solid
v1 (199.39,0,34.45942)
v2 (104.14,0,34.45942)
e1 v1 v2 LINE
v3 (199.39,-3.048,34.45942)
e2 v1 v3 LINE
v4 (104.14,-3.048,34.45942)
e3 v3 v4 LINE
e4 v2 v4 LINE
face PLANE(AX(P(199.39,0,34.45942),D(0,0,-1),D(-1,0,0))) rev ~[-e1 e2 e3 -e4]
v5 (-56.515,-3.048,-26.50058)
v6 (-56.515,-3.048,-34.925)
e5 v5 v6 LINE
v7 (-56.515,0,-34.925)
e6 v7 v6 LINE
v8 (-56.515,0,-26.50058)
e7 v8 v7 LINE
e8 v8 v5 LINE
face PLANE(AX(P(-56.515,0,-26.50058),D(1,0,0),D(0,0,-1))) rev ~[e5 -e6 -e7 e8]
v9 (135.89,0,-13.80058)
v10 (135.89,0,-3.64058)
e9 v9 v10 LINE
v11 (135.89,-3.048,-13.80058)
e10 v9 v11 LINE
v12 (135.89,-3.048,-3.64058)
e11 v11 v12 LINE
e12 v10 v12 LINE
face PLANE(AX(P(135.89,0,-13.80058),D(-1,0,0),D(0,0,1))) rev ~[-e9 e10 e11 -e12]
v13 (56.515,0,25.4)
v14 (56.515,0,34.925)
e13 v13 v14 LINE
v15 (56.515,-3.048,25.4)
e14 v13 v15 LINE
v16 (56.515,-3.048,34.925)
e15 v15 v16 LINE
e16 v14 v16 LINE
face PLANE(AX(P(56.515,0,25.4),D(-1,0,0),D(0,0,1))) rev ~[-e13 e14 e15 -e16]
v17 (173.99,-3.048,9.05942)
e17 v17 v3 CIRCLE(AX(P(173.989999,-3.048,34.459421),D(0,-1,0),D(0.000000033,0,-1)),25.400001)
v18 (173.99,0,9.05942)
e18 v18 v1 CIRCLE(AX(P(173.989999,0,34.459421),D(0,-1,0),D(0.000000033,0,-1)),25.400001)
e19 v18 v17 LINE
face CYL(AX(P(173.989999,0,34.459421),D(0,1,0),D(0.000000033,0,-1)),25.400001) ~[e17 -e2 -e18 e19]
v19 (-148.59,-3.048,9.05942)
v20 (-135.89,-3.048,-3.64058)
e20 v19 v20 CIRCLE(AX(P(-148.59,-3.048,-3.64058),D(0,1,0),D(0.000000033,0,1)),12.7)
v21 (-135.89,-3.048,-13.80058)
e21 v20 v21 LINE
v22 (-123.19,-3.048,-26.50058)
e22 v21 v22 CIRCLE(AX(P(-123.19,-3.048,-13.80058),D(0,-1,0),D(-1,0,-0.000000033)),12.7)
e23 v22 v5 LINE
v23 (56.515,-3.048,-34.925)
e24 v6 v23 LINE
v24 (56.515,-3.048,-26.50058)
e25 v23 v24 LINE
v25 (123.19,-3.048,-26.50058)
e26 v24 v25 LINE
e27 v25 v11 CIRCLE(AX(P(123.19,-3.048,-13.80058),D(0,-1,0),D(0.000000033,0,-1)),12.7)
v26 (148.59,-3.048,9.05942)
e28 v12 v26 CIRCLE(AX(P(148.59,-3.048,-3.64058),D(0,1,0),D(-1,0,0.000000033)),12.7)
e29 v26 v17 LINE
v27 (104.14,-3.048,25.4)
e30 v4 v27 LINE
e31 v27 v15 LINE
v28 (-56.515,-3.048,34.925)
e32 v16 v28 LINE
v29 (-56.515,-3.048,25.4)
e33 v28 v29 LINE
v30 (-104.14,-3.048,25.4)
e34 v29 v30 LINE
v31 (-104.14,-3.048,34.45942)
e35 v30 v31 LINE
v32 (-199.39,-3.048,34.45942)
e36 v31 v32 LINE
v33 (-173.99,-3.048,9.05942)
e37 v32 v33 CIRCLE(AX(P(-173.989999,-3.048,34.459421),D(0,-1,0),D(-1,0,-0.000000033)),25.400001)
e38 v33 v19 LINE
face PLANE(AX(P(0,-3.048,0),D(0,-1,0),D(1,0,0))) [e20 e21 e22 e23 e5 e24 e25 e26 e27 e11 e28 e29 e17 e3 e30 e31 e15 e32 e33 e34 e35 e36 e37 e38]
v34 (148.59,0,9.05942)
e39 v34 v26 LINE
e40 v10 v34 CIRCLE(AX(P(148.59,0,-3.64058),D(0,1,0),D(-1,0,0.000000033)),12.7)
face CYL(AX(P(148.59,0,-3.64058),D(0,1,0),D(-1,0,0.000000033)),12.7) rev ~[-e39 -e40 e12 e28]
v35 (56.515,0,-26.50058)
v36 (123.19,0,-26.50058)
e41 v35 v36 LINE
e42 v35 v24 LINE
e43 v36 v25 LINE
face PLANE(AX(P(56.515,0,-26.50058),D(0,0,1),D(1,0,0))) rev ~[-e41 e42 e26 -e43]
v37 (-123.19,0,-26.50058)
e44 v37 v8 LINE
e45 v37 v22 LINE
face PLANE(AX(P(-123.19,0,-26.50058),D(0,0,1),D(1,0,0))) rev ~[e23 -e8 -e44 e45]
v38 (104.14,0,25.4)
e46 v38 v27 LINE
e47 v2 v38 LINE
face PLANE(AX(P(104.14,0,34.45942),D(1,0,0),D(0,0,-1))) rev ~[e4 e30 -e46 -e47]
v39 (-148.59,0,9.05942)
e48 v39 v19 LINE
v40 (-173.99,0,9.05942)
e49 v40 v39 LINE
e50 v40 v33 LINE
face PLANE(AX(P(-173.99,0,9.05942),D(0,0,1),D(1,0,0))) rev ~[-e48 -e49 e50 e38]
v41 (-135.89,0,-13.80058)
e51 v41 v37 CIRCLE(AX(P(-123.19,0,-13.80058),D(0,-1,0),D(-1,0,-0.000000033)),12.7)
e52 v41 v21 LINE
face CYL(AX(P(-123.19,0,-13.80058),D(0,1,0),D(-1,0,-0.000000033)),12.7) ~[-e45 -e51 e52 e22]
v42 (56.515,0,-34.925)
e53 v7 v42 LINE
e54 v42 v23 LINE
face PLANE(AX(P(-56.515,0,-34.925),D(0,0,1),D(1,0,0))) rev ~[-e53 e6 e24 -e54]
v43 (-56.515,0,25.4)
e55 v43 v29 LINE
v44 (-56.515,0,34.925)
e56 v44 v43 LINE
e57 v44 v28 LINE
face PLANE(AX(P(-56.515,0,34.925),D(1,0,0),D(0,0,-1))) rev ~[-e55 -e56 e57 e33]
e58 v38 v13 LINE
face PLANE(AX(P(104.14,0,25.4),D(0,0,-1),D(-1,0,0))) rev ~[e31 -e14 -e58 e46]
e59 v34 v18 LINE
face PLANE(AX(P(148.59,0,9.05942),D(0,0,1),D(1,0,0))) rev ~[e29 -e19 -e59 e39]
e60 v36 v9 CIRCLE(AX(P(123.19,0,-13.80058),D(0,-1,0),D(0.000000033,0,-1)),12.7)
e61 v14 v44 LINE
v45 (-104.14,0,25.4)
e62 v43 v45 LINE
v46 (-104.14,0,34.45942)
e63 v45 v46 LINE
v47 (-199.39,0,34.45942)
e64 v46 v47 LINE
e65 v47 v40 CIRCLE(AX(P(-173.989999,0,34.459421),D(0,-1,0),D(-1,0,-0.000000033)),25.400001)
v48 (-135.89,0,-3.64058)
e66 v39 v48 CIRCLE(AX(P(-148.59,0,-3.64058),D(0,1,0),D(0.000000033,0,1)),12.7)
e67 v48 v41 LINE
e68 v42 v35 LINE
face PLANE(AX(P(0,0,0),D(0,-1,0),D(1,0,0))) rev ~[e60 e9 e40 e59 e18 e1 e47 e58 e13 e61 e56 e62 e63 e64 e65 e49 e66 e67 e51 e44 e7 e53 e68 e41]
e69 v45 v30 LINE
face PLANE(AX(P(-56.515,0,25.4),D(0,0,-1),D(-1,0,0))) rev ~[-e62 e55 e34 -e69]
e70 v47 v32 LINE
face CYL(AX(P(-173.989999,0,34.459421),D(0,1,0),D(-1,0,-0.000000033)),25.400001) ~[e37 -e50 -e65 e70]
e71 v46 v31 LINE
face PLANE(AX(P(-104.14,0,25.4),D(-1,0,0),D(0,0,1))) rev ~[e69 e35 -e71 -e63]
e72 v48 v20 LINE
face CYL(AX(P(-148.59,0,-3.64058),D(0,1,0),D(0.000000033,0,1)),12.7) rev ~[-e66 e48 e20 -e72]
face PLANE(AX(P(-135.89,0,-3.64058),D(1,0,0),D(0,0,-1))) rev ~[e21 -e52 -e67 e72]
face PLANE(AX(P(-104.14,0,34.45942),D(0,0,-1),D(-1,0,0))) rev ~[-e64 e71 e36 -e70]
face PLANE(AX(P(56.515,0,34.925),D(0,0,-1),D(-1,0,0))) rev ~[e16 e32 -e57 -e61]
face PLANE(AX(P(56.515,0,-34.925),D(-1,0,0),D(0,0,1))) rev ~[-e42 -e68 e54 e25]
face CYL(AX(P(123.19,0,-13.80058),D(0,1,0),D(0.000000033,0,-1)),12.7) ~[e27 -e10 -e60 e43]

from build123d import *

# Parameters (mm, degrees)
F1_DEPTH = 3.048


with BuildPart() as f1:
    # F0 (on Front) → F1 (new body)
    with BuildSketch(Plane.XZ):
        Polygon((-56.515, -34.925), (56.515, -34.925), (56.515, -26.50058), (56.515, 25.4), (56.515, 34.925), (-56.515, 34.925), (-56.515, 25.4), (-56.515, -26.50058), align=None)
        with BuildLine():
            Line((56.515, 25.4), (56.515, -26.50058))
            Line((56.515, -26.50058), (123.19, -26.50058))
            ThreePointArc((123.19, -26.50058), (132.170256, -22.780836), (135.89, -13.80058))
            Line((135.89, -13.80058), (135.89, -3.64058))
            ThreePointArc((135.89, -3.64058), (139.609744, 5.339676), (148.59, 9.05942))
            Line((148.59, 9.05942), (173.99, 9.05942))
            ThreePointArc((173.99, 9.05942), (191.950512, 16.498908), (199.39, 34.45942))
            Line((199.39, 34.45942), (104.14, 34.45942))
            Line((104.14, 34.45942), (104.14, 25.4))
            Line((104.14, 25.4), (56.515, 25.4))
        make_face()
        with BuildLine():
            Line((-123.19, -26.50058), (-56.515, -26.50058))
            Line((-56.515, -26.50058), (-56.515, 25.4))
            Line((-56.515, 25.4), (-104.14, 25.4))
            Line((-104.14, 25.4), (-104.14, 34.45942))
            Line((-104.14, 34.45942), (-199.39, 34.45942))
            ThreePointArc((-199.39, 34.45942), (-191.950512, 16.498908), (-173.99, 9.05942))
            Line((-173.99, 9.05942), (-148.59, 9.05942))
            ThreePointArc((-148.59, 9.05942), (-139.609744, 5.339676), (-135.89, -3.64058))
            Line((-135.89, -3.64058), (-135.89, -13.80058))
            ThreePointArc((-135.89, -13.80058), (-132.170256, -22.780836), (-123.19, -26.50058))
        make_face()
    extrude(amount=F1_DEPTH)


solid = f1.part
